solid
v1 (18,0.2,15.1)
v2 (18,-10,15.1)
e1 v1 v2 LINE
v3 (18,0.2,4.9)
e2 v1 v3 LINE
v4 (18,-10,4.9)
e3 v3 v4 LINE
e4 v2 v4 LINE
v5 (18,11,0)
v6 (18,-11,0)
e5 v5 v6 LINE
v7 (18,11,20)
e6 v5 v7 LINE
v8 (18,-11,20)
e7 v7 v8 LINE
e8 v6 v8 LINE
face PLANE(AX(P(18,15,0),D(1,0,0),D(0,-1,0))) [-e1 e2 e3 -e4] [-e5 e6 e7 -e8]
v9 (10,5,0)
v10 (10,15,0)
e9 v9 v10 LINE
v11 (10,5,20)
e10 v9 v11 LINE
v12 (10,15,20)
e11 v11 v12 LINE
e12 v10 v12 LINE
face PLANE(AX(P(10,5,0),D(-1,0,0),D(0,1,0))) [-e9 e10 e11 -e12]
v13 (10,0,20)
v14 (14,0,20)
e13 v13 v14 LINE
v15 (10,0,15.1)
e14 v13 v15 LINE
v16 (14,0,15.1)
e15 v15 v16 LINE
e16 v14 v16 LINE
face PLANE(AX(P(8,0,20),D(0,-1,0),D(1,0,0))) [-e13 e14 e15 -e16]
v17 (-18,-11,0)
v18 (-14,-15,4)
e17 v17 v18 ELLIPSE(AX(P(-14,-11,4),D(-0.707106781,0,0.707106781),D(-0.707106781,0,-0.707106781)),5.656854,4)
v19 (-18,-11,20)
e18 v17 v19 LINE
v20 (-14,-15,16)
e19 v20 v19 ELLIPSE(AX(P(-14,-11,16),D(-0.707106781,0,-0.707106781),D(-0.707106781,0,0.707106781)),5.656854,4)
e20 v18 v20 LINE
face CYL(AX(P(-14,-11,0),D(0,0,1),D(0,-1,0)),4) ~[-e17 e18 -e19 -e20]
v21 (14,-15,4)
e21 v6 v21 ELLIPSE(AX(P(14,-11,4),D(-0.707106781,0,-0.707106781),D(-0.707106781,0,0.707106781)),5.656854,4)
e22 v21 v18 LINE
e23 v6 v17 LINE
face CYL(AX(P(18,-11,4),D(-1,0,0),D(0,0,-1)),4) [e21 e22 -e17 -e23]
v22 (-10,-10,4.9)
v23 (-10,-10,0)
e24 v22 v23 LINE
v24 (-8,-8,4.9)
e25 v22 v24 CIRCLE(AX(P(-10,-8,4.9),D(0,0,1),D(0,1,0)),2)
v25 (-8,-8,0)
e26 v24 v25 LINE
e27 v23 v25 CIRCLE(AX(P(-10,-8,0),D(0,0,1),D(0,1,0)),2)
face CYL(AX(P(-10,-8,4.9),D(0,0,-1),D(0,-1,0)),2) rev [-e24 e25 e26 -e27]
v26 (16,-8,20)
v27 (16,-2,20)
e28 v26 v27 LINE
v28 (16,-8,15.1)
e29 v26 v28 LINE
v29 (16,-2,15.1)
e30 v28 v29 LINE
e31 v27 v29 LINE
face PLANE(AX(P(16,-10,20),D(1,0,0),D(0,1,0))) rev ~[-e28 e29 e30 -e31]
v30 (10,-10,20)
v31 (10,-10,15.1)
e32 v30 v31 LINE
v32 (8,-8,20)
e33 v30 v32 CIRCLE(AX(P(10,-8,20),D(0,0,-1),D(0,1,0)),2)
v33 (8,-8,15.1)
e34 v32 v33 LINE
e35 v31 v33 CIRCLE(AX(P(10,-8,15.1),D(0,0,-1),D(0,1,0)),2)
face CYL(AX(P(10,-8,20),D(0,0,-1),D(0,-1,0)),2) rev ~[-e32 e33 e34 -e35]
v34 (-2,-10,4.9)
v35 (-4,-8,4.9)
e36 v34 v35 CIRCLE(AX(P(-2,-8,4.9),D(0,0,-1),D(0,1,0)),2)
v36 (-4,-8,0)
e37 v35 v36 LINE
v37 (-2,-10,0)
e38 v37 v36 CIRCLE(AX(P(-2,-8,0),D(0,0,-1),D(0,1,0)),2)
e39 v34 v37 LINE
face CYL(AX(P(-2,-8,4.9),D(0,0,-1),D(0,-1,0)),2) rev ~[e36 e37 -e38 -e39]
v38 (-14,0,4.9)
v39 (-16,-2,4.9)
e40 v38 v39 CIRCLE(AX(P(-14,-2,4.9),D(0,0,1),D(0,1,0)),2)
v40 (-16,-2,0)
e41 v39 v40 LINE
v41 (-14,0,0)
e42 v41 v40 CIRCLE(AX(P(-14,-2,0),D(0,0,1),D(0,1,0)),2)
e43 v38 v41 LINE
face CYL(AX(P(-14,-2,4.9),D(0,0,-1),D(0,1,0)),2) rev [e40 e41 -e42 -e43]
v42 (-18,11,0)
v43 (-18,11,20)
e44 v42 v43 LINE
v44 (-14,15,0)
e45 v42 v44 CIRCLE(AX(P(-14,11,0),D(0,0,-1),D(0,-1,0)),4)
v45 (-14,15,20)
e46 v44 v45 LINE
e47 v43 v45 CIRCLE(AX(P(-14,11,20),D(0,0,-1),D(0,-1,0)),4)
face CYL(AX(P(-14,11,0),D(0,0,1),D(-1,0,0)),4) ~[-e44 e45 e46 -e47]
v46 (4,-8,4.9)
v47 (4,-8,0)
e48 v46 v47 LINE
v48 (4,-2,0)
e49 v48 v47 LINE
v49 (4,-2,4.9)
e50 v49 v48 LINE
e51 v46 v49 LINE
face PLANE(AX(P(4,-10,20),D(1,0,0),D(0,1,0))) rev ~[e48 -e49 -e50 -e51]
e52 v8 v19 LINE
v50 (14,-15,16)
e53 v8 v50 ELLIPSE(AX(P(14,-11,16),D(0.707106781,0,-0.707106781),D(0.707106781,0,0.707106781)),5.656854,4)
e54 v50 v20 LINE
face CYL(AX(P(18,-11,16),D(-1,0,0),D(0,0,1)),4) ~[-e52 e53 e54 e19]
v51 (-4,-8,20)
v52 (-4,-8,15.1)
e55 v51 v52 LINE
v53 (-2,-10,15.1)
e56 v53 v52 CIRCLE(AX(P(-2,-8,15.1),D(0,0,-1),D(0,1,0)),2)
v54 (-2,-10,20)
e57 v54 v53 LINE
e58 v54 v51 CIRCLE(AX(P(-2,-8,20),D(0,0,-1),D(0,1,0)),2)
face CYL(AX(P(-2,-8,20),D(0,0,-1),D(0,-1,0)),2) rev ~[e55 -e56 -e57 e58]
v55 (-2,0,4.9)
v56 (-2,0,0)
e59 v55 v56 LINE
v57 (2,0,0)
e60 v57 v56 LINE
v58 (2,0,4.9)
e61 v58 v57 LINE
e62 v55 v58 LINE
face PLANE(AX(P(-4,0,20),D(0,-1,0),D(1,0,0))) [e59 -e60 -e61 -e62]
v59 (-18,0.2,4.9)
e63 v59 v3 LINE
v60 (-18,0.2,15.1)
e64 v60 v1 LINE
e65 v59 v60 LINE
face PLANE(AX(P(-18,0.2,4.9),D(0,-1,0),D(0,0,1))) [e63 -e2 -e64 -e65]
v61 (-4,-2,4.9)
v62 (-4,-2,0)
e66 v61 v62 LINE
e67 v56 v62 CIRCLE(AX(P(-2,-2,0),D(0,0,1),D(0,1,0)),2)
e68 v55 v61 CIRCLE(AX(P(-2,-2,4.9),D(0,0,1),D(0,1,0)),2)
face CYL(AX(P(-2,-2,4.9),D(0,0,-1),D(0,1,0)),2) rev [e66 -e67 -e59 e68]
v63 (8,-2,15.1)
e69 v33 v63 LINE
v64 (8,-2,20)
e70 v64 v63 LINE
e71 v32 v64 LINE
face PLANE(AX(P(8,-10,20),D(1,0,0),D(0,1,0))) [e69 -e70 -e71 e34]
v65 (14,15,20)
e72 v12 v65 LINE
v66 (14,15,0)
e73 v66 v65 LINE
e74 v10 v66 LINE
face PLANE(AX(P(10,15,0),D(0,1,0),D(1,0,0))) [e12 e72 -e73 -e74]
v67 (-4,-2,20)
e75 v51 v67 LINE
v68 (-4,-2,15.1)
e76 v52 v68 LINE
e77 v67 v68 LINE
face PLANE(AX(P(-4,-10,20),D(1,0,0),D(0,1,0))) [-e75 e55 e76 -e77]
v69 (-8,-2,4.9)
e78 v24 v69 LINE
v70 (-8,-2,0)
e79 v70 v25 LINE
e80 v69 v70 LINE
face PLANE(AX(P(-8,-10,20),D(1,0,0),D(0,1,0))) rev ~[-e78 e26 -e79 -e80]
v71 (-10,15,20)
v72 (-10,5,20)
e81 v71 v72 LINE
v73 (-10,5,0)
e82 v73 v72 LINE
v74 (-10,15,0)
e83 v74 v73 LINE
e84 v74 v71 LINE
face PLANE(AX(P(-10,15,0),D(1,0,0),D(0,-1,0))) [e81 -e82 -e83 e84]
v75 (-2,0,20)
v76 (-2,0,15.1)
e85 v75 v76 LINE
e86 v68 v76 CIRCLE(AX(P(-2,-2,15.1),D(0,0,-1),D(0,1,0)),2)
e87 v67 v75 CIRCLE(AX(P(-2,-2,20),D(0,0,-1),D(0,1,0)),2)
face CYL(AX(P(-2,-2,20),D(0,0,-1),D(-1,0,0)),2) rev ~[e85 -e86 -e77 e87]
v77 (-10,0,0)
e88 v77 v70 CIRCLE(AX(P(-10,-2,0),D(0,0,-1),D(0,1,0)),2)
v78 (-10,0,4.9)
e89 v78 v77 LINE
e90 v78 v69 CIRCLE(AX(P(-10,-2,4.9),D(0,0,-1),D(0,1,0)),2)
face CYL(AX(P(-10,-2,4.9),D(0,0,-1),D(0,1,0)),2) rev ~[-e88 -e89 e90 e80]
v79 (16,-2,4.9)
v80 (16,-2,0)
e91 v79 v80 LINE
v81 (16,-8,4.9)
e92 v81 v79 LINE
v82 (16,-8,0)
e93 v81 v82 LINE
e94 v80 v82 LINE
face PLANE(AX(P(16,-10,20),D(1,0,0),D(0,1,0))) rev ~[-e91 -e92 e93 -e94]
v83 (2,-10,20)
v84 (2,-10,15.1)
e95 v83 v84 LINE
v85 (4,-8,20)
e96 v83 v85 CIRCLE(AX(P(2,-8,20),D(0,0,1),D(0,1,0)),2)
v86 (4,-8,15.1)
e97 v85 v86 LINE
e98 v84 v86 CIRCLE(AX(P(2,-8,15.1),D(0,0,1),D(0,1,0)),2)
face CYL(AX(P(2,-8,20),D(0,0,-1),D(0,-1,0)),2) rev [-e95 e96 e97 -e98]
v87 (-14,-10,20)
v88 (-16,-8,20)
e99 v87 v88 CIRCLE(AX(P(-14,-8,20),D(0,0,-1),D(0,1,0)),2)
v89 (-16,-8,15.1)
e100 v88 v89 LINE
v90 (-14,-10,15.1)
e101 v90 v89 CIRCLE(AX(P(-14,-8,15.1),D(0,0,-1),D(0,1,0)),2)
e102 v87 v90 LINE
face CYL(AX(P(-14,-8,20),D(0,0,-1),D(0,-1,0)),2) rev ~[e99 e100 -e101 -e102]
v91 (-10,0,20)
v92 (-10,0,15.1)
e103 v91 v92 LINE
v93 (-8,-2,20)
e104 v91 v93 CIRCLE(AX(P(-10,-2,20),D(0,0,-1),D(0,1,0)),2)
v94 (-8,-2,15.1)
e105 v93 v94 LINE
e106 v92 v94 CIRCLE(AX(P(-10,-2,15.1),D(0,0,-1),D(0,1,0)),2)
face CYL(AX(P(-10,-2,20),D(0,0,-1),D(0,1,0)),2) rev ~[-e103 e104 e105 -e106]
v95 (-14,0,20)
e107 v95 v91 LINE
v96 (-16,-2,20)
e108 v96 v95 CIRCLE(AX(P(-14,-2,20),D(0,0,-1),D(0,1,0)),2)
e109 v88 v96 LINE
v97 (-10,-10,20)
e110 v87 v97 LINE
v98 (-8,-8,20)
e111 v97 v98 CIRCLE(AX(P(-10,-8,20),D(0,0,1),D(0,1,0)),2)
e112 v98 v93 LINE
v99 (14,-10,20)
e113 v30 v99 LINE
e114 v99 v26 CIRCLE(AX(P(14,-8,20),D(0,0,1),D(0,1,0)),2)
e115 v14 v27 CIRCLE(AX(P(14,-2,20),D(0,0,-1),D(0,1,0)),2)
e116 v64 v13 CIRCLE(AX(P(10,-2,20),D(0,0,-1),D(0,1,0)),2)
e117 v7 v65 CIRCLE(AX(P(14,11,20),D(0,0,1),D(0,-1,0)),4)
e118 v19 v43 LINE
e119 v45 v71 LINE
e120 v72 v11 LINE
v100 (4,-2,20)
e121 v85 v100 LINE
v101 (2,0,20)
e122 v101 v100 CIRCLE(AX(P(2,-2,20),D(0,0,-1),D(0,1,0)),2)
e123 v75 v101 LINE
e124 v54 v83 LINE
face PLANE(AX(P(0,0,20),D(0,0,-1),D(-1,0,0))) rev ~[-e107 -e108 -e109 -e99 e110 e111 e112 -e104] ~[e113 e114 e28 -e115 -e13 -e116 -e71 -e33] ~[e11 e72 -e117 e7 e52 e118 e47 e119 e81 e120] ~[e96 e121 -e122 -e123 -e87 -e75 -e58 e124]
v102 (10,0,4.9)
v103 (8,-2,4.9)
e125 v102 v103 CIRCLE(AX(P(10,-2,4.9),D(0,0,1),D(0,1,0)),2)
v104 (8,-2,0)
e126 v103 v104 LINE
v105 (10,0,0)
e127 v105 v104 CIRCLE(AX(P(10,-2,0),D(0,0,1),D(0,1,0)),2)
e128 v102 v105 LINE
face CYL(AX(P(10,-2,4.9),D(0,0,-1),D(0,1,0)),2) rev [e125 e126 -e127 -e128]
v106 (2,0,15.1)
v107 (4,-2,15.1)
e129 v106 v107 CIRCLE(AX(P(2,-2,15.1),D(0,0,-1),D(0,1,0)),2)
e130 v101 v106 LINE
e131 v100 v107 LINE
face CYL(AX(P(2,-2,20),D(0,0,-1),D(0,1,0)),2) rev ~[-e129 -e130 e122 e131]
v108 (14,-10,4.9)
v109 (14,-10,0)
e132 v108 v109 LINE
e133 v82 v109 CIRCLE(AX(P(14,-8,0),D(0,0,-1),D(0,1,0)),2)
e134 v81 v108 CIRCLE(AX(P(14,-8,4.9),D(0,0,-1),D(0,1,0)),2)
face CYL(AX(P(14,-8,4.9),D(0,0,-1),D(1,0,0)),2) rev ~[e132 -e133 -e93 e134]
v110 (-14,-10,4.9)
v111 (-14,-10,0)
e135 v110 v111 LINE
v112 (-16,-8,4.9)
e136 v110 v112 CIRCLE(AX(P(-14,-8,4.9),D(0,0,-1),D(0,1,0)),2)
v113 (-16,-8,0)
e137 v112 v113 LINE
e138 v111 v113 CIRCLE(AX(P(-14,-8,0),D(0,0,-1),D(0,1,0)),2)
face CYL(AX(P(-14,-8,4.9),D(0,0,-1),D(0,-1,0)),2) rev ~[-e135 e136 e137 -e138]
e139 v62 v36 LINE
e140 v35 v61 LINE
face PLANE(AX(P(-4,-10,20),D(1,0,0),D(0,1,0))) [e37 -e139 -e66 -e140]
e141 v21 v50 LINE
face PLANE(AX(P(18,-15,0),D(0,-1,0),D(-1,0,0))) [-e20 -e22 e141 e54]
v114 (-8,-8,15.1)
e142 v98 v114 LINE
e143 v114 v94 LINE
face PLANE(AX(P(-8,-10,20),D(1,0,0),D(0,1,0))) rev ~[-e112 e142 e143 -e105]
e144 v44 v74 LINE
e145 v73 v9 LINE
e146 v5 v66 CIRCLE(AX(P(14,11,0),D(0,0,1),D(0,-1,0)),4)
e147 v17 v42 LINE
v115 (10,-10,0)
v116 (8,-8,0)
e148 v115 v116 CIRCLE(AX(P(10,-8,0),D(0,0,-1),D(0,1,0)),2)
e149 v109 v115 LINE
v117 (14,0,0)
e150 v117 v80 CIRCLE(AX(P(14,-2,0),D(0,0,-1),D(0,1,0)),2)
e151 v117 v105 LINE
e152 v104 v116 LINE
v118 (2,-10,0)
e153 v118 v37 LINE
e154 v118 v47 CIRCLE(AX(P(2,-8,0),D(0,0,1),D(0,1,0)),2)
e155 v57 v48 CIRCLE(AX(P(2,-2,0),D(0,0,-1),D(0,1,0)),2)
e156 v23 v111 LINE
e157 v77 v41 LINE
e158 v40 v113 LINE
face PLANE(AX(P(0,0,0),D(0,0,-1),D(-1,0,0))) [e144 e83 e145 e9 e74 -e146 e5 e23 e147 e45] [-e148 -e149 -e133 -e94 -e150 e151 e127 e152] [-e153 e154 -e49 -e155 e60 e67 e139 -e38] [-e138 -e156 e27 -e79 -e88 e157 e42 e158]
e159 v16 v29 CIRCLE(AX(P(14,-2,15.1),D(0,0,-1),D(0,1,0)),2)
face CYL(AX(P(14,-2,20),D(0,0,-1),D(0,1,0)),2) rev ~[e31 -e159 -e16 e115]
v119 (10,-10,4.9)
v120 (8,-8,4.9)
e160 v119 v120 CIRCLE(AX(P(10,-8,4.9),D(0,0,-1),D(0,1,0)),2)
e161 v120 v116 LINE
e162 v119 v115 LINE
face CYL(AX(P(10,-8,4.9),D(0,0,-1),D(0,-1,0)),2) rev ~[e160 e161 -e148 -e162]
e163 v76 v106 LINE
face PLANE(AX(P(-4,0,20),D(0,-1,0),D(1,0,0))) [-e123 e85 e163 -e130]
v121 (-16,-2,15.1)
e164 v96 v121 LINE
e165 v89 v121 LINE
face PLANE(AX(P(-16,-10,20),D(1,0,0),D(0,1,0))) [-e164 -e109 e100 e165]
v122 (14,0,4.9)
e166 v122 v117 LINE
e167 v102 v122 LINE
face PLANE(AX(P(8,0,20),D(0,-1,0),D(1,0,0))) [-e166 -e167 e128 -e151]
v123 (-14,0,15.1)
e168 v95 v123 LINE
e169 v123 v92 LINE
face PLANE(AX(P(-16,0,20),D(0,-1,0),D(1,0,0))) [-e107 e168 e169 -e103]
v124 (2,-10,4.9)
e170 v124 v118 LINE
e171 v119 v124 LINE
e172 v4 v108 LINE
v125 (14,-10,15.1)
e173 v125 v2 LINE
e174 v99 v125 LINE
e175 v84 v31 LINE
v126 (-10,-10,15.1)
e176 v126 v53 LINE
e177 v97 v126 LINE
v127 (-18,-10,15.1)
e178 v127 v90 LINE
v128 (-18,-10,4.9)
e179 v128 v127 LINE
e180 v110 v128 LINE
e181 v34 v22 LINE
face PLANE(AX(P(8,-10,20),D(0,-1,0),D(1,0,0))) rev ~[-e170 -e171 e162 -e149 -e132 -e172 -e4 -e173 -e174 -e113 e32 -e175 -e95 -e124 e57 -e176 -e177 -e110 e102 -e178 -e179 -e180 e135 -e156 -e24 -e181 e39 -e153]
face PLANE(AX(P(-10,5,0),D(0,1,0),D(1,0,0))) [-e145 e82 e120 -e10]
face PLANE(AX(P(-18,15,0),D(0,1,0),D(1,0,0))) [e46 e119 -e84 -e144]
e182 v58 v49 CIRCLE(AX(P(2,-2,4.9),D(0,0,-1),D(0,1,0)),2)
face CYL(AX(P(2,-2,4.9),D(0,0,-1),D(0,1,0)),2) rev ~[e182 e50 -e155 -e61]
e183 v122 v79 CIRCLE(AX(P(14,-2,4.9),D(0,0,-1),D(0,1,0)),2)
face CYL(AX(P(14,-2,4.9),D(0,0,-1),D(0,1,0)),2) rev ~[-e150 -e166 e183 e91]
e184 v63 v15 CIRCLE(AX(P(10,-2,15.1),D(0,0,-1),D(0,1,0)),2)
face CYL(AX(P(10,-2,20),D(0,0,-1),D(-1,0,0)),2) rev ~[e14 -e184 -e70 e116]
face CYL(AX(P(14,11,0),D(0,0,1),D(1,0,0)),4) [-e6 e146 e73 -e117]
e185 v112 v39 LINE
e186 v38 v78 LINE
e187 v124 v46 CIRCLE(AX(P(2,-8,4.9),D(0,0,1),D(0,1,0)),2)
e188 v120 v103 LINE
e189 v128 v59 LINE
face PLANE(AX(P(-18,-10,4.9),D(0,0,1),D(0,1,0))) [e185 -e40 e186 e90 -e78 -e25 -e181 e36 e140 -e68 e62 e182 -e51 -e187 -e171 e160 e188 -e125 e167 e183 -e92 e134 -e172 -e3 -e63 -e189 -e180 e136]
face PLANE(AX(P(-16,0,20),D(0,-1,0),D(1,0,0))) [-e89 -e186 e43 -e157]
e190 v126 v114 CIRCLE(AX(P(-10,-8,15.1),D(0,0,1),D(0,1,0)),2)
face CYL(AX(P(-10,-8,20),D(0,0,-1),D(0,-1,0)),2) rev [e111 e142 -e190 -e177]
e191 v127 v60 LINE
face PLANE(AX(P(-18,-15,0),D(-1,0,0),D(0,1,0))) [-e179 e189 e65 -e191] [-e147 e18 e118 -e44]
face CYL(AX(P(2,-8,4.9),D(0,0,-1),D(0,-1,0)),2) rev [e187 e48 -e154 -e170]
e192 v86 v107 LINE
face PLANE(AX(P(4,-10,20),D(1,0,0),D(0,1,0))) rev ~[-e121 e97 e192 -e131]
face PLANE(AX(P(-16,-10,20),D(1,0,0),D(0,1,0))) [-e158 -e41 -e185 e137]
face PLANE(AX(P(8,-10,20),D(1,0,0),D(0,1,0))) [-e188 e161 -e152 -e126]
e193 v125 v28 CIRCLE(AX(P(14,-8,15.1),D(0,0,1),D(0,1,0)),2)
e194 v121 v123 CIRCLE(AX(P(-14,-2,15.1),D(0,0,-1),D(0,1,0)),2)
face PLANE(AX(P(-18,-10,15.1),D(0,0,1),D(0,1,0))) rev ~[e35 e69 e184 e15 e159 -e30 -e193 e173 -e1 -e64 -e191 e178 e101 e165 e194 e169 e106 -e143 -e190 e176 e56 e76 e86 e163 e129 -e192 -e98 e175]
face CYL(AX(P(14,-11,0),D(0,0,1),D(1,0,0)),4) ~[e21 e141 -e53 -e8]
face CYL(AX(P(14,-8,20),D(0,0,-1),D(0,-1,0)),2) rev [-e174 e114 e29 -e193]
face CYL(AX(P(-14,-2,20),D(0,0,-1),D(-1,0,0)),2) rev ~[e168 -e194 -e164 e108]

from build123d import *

# Parameters (mm, degrees)
BOSS_EXTRUDE1_DEPTH = 20
SKETCH5_W           = 10.2
SKETCH5_H           = 10.2
CUT_EXTRUDE2_DEPTH  = 44.829214002
SKETCH6_W           = 8
SKETCH6_H           = 10
CUT_EXTRUDE3_DEPTH  = 31.805843601
FILLET1_R           = 2
FILLET3_R           = 4
FILLET4_R           = 4


with BuildPart() as part:
    # Sketch1 → Boss-Extrude1 (new body)
    with BuildSketch(Plane.XY):
        Polygon((-10, 15), (-10, 5), (10, 5), (10, 15), (18, 15), (18, -15), (-18, -15), (-18, 15), align=None)
    extrude(amount=BOSS_EXTRUDE1_DEPTH)

    # Sketch5 → Cut-Extrude2 (cut, through all)
    with BuildSketch(Plane.ZY.offset(18)):
        with Locations((10, -4.9)):
            Rectangle(SKETCH5_W, SKETCH5_H)
    extrude(amount=-CUT_EXTRUDE2_DEPTH, mode=Mode.SUBTRACT)

    # Sketch6 → Cut-Extrude3 (cut, through all)
    with BuildSketch(Plane.XY.offset(20)):
        with Locations((0, -5)):
            Rectangle(SKETCH6_W, SKETCH6_H)
        with Locations((-12, -5)):
            Rectangle(SKETCH6_W, SKETCH6_H)
        with Locations((12, -5)):
            Rectangle(SKETCH6_W, SKETCH6_H)
    extrude(amount=-CUT_EXTRUDE3_DEPTH, mode=Mode.SUBTRACT)

    # Fillet1
    fillet1_edges = [part.edges().sort_by_distance(p)[0] for p in [
        (16, 0, 17.55),
        (16, 0, 2.45),
        (16, -10, 17.55),
        (16, -10, 2.45),
        (8, -10, 17.55),
        (8, -10, 2.45),
        (8, 0, 17.55),
        (8, 0, 2.45),
        (-4, -10, 17.55),
        (-4, -10, 2.45),
        (-4, 0, 17.55),
        (-4, 0, 2.45),
        (4, 0, 17.55),
        (4, 0, 2.45),
        (4, -10, 17.55),
        (4, -10, 2.45),
        (-16, -10, 17.55),
        (-16, -10, 2.45),
        (-16, 0, 17.55),
        (-16, 0, 2.45),
        (-8, 0, 17.55),
        (-8, 0, 2.45),
        (-8, -10, 17.55),
        (-8, -10, 2.45),
    ]]
    fillet(fillet1_edges, radius=FILLET1_R)

    # Fillet3
    fillet3_edges = [part.edges().sort_by_distance(p)[0] for p in [
        (0, -15, 0),
        (18, -15, 10),
        (-18, -15, 10),
        (0, -15, 20),
    ]]
    fillet(fillet3_edges, radius=FILLET3_R)

    # Fillet4
    fillet4_edges = [part.edges().sort_by_distance(p)[0] for p in [
        (18, 15, 10),
        (-18, 15, 10),
    ]]
    fillet(fillet4_edges, radius=FILLET4_R)


solid = part.part
